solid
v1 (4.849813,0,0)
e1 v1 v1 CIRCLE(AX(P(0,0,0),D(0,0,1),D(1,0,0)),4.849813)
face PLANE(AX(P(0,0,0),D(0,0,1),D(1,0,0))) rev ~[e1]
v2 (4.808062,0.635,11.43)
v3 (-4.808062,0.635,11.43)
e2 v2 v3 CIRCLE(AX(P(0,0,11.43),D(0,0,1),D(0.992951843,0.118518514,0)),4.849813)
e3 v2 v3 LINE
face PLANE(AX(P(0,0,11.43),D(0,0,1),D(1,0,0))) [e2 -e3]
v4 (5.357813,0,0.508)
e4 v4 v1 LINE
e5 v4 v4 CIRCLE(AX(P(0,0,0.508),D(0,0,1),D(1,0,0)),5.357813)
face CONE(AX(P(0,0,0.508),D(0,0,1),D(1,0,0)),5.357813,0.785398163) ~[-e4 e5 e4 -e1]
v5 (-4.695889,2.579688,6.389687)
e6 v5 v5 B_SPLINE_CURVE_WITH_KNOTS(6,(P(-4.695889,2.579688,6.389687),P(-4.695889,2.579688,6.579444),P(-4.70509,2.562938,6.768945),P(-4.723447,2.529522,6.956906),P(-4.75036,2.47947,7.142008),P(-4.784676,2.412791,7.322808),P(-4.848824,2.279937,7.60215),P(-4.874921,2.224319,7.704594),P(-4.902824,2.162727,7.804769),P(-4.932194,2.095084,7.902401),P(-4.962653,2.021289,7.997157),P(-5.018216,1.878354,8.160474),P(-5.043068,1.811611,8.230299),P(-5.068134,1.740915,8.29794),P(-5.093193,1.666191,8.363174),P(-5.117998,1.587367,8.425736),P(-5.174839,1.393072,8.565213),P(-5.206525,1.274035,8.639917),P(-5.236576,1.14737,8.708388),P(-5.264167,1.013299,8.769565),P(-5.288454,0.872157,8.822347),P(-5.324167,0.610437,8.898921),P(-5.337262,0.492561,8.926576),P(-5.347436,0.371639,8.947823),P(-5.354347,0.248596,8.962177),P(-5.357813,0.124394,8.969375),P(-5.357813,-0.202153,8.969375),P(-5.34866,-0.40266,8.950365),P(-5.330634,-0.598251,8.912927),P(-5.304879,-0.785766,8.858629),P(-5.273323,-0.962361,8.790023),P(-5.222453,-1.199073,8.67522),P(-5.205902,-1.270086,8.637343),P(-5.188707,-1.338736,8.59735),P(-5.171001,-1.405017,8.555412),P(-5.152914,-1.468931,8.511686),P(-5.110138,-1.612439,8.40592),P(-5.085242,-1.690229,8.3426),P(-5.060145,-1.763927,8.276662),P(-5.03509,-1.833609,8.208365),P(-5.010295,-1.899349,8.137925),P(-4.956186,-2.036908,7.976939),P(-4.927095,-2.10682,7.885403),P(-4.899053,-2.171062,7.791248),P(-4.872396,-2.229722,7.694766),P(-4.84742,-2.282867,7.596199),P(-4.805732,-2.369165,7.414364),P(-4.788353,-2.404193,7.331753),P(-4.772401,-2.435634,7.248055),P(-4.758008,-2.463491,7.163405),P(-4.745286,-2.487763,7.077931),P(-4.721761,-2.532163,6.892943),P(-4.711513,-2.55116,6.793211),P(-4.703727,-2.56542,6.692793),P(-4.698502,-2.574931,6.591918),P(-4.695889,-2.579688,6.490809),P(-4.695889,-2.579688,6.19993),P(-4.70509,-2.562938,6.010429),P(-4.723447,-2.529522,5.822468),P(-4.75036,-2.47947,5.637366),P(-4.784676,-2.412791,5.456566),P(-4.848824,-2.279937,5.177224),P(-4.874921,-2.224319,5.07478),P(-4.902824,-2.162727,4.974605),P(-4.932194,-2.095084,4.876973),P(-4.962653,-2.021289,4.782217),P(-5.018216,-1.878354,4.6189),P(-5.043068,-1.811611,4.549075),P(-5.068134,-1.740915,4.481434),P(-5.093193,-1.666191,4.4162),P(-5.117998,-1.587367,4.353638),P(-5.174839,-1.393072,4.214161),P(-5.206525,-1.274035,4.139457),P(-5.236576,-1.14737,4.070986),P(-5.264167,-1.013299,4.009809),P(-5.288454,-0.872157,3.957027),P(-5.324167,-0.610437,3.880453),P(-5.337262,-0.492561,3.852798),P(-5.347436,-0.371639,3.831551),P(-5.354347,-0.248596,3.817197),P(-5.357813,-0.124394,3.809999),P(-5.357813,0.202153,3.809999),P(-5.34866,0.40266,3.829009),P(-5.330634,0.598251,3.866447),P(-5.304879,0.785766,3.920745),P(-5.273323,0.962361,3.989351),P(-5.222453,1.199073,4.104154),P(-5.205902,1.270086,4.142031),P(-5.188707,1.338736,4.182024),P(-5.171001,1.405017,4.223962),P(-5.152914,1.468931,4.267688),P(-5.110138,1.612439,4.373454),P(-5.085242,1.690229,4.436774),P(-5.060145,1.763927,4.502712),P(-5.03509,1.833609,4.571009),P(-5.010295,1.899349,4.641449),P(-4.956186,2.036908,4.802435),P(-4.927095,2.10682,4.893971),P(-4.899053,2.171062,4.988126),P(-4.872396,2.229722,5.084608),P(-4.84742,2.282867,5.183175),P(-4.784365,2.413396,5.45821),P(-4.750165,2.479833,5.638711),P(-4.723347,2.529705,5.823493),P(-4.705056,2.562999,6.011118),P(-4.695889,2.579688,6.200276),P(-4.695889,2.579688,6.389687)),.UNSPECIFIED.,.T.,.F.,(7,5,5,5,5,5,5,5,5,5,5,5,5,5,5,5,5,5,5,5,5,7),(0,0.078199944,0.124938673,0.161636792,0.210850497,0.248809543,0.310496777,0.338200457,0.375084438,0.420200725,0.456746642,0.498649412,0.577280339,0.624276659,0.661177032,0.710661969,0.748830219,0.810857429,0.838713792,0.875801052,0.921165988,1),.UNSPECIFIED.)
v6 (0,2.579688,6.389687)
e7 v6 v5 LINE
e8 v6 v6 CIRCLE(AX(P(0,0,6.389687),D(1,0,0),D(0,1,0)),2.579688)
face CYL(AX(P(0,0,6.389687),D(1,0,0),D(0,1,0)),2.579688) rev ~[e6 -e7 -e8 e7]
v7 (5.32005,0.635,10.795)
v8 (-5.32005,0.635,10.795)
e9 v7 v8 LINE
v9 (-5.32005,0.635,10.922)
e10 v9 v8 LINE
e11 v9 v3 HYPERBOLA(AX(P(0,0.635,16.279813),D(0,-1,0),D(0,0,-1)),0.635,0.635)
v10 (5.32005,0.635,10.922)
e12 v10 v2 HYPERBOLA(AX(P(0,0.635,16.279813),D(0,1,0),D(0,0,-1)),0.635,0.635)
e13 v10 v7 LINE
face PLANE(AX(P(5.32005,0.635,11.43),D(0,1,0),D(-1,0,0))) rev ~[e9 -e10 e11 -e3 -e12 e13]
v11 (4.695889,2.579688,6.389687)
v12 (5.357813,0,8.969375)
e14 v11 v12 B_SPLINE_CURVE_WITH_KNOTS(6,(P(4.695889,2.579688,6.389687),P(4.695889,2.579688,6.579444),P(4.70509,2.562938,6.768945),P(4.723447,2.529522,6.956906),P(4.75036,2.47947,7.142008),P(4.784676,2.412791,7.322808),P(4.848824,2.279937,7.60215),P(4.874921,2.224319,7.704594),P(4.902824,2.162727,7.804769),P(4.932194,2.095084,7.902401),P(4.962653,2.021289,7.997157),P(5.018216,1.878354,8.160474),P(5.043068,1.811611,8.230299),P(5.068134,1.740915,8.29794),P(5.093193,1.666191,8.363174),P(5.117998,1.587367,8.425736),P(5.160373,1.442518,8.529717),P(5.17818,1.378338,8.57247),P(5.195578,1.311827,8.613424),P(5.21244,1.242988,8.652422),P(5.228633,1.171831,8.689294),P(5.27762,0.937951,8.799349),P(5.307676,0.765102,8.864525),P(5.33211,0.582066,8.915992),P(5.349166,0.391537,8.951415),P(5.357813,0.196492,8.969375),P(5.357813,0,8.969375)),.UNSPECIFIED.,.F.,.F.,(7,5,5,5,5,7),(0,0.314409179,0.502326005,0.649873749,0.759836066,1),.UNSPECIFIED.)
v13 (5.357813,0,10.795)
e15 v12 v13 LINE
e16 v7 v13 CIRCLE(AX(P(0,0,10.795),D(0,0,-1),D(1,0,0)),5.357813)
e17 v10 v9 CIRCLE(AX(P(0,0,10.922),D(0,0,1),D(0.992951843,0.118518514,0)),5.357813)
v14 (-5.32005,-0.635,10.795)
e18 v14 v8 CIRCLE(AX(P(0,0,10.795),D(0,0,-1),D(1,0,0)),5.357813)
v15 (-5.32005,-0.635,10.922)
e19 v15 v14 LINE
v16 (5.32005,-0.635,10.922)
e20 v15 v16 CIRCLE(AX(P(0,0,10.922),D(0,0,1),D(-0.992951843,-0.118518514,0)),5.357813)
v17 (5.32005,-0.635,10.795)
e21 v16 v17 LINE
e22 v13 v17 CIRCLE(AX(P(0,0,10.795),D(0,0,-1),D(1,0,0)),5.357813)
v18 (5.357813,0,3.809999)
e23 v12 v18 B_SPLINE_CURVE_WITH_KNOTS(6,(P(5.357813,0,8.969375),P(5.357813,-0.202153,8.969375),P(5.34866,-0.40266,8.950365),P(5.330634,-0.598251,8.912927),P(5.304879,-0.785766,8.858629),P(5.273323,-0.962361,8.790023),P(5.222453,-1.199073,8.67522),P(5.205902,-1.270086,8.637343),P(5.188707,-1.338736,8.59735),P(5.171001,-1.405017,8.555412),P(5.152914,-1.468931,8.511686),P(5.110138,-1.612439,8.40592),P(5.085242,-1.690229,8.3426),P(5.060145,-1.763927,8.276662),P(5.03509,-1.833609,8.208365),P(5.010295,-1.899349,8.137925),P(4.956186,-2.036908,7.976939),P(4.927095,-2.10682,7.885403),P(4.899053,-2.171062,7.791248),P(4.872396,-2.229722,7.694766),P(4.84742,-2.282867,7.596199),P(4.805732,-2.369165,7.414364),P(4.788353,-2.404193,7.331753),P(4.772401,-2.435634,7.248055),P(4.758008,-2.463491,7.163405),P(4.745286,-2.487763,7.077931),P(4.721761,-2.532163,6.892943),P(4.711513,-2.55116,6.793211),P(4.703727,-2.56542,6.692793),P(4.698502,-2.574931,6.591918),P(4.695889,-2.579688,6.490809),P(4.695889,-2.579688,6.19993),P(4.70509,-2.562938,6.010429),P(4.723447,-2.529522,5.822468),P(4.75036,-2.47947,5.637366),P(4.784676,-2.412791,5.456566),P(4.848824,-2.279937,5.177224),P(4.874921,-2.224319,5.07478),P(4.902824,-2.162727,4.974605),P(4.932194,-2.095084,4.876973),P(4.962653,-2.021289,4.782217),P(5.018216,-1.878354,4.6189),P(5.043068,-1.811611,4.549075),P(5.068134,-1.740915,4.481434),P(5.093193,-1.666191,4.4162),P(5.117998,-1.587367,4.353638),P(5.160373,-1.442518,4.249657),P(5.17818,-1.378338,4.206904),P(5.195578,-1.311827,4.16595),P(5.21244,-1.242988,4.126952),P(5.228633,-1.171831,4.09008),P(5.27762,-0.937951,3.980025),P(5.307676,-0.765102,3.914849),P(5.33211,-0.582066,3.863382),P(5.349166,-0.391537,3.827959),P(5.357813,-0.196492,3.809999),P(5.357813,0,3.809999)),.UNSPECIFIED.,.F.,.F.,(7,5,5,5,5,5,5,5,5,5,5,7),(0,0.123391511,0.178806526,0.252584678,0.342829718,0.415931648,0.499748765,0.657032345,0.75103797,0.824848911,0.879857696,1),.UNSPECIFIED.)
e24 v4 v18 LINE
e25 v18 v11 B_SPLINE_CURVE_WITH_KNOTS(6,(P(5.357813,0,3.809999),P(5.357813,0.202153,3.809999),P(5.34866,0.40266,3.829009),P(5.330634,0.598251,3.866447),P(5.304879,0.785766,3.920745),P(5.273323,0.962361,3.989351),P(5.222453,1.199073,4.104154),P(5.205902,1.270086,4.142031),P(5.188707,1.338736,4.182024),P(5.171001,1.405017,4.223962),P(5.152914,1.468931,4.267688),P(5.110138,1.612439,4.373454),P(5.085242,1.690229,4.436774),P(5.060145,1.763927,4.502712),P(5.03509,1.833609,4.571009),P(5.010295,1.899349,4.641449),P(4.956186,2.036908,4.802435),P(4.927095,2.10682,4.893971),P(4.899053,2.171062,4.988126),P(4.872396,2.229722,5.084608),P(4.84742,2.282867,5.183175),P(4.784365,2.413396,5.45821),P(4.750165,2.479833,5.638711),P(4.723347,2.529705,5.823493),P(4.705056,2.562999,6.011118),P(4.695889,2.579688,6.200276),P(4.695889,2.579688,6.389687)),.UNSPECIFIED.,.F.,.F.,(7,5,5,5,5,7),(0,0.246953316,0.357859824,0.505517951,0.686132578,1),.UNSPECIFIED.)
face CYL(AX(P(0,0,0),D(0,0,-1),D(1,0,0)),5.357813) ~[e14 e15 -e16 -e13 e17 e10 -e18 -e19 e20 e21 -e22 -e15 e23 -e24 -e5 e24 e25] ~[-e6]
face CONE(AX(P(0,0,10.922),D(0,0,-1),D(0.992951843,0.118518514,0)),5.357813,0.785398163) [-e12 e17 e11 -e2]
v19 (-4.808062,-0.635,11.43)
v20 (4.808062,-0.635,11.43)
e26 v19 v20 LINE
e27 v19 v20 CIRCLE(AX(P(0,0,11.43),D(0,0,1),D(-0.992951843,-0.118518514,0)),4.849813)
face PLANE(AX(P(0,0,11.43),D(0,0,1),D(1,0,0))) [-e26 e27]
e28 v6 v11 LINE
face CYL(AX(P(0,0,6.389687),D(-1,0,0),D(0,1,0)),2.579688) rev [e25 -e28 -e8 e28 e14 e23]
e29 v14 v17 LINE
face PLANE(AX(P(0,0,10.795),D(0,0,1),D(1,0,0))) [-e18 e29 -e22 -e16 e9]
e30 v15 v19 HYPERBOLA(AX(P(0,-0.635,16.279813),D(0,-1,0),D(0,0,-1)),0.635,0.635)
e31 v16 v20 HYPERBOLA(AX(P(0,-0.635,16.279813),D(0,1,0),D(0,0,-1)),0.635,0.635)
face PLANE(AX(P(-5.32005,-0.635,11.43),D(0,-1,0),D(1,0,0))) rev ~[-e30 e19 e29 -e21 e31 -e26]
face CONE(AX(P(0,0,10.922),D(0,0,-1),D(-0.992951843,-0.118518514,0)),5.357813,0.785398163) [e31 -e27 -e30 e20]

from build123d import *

# Parameters (mm, degrees)
F0_R          = 5.357813
F1_DEPTH      = 11.43
F2_R          = 2.579688
F3_DEPTH      = 25.4
F3_DEPTH_BACK = 25.4
F5_DEPTH      = 0.635
F6_SIZE       = 0.508


with BuildPart() as f1:
    # F0 (on Top) → F1 (new body)
    with BuildSketch(Plane.XY):
        Circle(F0_R)
    extrude(amount=F1_DEPTH)

    # F2 (on Right) → F3 (cut, two sides)
    with BuildSketch(Plane.YZ) as f3_sk:
        with Locations((0, 6.389687)):
            Circle(F2_R)
    extrude(amount=F3_DEPTH, mode=Mode.SUBTRACT)
    extrude(f3_sk.sketch, amount=-F3_DEPTH_BACK, mode=Mode.SUBTRACT)

    # F4 (on face) → F5 (cut)
    with BuildSketch(Plane.XY.offset(11.43)):
        with BuildLine():
            Line((5.32005, 0.635), (-5.32005, 0.635))
            ThreePointArc((-5.32005, 0.635), (-5.379818, 0), (-5.32005, -0.635))
            Line((-5.32005, -0.635), (5.32005, -0.635))
            ThreePointArc((5.32005, -0.635), (5.379818, 0), (5.32005, 0.635))
        make_face()
    extrude(amount=-F5_DEPTH, mode=Mode.SUBTRACT)

    # F6
    f6_edges = [f1.edges().sort_by_distance(p)[0] for p in [
        (0, -5.357813, 11.43),
        (0, 5.357813, 11.43),
        (-5.357813, 0, 0),
    ]]
    chamfer(f6_edges, length=F6_SIZE)


solid = f1.part
